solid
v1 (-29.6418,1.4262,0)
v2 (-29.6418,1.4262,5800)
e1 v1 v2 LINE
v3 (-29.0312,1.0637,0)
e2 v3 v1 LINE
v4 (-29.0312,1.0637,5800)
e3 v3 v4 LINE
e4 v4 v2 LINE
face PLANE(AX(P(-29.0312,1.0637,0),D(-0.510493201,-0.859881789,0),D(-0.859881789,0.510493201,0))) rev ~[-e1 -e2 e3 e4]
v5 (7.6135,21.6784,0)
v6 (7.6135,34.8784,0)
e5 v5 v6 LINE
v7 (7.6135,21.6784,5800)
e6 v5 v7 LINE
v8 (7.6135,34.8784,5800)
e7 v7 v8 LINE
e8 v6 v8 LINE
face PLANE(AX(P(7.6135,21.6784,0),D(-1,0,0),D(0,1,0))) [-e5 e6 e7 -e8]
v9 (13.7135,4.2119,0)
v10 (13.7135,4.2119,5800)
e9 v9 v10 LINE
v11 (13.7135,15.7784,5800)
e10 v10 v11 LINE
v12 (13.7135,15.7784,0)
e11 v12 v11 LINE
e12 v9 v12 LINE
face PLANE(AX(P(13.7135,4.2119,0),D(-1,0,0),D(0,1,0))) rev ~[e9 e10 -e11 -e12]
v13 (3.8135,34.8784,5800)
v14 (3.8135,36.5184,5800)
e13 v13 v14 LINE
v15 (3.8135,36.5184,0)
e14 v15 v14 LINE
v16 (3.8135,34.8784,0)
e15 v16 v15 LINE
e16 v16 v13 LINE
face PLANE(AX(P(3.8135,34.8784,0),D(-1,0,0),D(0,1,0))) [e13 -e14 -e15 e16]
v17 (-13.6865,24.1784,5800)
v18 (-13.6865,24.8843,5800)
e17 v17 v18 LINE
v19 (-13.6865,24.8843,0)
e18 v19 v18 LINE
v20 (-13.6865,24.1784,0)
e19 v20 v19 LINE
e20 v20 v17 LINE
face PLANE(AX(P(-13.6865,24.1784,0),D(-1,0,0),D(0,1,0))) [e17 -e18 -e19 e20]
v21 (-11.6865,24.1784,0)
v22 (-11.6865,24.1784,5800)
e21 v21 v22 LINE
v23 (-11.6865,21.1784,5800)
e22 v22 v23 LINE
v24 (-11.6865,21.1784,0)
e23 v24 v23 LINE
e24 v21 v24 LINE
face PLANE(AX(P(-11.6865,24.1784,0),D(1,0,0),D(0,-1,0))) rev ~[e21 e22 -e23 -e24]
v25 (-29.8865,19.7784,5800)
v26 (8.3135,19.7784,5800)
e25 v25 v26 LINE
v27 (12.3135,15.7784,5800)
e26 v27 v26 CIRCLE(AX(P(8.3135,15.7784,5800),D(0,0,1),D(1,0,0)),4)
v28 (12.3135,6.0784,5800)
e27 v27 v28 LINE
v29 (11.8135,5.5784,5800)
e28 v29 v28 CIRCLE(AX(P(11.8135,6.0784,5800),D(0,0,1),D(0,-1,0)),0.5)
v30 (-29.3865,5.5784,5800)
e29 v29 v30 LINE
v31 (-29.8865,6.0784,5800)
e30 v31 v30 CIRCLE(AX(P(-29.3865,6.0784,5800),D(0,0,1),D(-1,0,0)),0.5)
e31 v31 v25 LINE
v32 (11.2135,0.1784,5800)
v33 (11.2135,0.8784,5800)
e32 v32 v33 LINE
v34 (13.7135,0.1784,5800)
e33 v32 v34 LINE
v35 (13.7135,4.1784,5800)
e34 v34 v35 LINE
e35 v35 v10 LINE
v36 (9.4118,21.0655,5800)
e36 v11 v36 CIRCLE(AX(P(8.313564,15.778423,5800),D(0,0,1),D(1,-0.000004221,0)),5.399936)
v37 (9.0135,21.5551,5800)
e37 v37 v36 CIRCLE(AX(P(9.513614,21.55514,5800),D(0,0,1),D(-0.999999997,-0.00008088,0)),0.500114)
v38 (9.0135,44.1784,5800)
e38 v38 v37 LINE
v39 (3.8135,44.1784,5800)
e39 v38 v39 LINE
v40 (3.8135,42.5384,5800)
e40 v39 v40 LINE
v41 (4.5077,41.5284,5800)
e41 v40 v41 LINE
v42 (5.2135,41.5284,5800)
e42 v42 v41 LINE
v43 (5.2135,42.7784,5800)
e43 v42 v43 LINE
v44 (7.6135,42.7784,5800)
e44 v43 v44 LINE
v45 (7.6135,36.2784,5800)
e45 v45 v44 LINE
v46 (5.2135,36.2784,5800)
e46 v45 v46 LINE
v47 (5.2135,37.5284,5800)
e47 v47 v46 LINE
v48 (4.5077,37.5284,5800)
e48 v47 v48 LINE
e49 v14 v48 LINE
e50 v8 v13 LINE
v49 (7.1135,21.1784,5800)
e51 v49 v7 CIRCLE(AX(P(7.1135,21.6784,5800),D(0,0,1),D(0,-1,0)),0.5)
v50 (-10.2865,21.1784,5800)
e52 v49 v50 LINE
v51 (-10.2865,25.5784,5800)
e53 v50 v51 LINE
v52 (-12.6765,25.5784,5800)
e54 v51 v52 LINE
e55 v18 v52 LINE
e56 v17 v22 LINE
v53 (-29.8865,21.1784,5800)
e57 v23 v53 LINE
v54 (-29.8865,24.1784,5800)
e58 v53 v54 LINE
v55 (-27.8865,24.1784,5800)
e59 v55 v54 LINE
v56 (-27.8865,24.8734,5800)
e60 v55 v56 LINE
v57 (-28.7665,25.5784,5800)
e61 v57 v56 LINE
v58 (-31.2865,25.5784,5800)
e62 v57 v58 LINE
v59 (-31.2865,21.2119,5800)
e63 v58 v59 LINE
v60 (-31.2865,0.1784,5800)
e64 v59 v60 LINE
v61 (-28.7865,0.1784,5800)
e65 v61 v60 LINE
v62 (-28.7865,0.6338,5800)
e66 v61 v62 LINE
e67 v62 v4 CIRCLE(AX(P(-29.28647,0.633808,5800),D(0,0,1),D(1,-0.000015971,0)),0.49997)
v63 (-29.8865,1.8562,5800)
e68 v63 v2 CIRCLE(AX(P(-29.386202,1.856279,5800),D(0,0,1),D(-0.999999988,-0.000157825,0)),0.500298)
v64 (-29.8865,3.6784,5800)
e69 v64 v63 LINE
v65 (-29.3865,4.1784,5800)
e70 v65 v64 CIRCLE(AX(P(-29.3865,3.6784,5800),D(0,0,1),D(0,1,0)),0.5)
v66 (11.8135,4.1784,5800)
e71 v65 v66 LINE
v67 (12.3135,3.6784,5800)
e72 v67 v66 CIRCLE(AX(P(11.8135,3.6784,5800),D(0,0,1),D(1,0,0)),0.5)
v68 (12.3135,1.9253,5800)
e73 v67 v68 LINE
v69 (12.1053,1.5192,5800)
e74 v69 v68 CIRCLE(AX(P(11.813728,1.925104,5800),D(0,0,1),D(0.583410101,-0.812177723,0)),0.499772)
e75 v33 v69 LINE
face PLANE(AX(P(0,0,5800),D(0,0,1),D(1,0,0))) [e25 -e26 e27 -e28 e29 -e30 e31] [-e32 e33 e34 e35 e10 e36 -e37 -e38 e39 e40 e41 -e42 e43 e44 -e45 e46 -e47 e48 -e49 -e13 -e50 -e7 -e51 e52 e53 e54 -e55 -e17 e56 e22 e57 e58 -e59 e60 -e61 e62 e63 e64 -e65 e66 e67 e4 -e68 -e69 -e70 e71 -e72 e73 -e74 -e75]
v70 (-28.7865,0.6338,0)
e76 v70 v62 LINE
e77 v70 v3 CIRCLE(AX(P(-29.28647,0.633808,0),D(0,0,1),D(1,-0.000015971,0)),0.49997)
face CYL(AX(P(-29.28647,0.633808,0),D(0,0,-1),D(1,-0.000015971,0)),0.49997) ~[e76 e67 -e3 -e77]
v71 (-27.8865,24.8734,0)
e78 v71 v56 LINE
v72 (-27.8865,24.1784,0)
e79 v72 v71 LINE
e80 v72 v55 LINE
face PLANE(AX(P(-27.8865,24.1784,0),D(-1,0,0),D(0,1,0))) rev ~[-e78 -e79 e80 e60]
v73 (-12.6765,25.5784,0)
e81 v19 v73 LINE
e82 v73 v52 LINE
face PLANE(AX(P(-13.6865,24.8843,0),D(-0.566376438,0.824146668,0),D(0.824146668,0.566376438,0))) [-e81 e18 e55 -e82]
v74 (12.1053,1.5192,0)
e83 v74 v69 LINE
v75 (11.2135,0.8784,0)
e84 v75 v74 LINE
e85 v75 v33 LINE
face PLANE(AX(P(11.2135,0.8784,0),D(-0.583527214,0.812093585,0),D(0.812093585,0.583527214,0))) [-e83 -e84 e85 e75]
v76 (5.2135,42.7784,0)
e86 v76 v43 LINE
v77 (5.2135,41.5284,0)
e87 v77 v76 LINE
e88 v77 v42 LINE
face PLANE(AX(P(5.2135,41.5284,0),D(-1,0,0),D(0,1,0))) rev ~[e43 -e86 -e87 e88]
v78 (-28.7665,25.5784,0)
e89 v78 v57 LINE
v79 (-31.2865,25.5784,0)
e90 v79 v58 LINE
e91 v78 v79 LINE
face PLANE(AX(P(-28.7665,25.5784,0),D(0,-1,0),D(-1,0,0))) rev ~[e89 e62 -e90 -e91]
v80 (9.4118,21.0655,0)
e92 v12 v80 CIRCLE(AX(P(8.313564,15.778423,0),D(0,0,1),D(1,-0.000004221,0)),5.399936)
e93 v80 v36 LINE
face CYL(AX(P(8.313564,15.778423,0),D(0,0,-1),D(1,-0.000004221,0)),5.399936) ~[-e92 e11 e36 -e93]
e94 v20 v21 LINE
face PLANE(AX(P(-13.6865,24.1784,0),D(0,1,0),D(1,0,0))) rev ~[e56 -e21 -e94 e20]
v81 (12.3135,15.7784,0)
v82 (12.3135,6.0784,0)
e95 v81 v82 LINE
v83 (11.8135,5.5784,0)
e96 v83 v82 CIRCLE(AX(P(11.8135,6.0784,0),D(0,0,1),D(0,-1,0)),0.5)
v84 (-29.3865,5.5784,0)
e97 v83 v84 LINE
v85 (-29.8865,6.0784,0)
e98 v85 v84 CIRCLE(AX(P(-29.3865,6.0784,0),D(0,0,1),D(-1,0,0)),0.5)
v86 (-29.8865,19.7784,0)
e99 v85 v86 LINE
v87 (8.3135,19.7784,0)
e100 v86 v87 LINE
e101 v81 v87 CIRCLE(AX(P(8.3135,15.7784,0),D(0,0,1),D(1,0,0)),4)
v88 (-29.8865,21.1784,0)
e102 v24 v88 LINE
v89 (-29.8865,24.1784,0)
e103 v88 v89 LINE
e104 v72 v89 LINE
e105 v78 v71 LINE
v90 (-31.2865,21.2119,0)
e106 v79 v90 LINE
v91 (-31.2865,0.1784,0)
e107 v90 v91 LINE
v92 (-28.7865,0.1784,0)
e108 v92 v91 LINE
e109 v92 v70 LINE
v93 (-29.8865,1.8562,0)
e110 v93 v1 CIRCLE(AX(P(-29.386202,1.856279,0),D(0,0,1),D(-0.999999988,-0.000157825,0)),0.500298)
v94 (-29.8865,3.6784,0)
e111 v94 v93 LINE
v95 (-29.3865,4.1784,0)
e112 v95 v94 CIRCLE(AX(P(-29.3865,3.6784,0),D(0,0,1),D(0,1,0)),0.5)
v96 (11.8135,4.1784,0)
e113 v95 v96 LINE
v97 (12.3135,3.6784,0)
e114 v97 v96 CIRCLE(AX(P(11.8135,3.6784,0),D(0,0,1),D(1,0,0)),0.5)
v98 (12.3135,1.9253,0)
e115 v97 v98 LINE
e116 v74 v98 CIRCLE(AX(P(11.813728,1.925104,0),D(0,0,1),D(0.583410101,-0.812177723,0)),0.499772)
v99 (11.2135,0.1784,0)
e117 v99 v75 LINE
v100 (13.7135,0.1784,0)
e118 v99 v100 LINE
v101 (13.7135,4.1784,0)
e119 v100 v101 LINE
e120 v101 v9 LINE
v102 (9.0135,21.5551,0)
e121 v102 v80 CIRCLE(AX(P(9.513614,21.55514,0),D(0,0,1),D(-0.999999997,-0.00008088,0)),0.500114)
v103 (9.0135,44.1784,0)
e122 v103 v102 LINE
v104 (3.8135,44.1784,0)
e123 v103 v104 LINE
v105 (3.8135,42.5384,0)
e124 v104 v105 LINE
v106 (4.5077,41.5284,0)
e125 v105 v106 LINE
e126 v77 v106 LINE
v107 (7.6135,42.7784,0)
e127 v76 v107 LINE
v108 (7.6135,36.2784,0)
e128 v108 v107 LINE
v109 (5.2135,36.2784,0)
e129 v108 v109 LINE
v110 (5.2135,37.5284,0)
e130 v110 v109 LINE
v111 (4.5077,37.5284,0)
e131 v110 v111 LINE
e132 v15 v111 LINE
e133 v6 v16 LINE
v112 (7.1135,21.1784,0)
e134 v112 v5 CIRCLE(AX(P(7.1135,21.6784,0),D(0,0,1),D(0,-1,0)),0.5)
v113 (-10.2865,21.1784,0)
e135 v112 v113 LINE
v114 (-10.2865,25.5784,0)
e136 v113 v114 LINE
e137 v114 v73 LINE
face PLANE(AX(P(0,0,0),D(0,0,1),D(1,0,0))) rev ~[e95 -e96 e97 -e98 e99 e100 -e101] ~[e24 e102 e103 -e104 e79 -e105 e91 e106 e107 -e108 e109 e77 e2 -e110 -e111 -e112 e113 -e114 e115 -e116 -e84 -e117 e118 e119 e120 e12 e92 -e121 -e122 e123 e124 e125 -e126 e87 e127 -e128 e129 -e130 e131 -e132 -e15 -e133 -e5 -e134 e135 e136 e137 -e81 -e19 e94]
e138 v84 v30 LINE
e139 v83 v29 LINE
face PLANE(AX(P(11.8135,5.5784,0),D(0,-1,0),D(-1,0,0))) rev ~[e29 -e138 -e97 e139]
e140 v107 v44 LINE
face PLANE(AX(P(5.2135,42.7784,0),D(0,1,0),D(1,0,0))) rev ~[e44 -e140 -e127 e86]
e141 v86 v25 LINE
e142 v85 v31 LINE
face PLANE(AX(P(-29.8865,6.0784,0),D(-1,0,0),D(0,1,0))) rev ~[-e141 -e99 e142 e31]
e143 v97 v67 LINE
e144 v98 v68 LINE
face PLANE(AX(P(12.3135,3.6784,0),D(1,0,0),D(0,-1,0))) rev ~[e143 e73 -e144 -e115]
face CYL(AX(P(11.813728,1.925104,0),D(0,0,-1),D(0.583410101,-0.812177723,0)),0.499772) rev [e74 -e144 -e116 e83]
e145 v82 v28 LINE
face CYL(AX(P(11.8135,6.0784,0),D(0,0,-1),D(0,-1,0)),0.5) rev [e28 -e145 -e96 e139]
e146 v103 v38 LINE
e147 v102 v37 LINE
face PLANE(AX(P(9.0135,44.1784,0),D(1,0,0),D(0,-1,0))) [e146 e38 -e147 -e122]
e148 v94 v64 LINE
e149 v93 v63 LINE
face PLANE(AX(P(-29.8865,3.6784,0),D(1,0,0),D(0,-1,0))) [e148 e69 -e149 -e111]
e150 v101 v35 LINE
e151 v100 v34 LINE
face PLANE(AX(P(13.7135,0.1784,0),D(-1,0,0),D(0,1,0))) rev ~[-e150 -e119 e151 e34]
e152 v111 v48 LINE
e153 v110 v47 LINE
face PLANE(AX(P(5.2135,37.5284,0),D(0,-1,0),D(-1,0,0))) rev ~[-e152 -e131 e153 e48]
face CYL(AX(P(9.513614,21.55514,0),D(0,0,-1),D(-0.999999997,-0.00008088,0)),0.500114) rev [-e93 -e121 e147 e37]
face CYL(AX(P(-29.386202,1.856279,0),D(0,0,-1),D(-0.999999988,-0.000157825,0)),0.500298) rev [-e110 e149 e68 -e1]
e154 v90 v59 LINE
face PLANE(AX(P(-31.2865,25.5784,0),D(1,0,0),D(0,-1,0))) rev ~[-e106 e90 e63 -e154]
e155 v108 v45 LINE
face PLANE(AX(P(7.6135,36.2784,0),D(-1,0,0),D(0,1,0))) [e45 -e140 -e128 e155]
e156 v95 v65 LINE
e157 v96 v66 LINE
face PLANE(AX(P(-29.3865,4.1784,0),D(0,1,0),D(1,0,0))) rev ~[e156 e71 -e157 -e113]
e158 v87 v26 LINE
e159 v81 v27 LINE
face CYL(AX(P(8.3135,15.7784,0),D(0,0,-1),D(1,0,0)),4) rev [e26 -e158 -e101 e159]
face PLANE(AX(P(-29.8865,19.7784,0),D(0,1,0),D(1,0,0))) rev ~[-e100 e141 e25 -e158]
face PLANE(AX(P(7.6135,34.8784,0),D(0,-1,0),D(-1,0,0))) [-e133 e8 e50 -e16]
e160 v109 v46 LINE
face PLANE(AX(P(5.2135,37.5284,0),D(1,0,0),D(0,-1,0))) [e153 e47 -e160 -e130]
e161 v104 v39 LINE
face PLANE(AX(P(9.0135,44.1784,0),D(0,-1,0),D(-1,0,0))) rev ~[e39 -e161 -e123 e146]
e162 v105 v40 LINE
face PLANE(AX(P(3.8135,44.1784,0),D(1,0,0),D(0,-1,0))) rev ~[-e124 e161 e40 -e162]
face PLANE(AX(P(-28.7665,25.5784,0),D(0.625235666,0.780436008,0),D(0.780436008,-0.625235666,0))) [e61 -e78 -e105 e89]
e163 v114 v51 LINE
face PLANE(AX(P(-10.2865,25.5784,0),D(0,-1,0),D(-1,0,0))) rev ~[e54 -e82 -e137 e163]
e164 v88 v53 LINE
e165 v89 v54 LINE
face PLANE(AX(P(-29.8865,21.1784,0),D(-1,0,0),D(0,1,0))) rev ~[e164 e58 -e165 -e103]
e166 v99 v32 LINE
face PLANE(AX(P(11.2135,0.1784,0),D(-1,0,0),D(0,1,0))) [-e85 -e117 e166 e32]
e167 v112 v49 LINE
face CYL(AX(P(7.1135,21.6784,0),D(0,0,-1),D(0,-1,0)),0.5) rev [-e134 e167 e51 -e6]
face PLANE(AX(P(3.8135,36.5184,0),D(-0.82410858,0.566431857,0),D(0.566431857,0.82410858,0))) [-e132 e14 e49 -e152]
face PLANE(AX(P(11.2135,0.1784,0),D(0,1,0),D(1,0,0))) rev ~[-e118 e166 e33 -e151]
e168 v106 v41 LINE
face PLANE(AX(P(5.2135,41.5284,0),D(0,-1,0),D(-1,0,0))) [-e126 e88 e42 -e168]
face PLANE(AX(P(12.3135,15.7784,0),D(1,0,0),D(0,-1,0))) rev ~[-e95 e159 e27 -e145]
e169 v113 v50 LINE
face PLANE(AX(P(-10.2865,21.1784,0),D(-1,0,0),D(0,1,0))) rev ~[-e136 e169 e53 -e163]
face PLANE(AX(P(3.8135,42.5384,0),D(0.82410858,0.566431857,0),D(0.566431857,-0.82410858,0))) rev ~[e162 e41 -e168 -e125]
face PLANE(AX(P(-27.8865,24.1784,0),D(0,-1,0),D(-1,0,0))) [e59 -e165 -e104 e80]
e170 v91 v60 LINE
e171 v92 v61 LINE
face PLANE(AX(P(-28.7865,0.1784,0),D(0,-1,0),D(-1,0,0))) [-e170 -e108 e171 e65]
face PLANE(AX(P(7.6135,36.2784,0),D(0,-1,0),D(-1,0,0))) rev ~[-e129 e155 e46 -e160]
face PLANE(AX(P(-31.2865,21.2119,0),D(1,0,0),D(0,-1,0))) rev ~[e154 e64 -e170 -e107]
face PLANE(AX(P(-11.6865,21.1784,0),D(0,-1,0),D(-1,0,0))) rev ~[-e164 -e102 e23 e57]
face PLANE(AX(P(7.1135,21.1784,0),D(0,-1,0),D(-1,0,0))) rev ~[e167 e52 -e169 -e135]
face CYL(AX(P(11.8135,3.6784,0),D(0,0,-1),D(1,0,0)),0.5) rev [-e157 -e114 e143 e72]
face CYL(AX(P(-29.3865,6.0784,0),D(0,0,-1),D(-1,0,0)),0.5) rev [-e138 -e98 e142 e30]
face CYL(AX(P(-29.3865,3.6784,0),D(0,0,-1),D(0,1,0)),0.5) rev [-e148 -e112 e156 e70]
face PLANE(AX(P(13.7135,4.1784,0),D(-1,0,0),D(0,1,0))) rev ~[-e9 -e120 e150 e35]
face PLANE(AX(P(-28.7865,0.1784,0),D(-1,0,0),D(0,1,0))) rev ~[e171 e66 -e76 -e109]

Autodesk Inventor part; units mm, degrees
ref_plane "YZ Plane" through (0, 0, 0) normal (1, 0, 0) x (0, 1, 0)
ref_plane "Plano inicial" through (0, 0, 0) normal (0, 0, 1) x (1, 0, 0)
ref_plane "Plano final" through (0, 0, 5800) normal (0, 0, 1) x (1, 0, 0)
sketch "Boceto1" plane through (0, 0, 0) normal (0, 0, 1) x (1, 0, 0)
  line L0 (-31.2865, 21.2119) -> (-31.2865, 0.1784)
  line L1 (-29.3865, 4.1784) -> (11.8135, 4.1784)
  line L2 (13.7135, 0.1784) -> (13.7135, 15.7784)
  line L3 (9.0135, 44.1784) -> (9.0135, 21.5551)
  line L4 (9.0135, 44.1784) -> (3.8135, 44.1784)
  line L5 (5.2135, 42.7784) -> (7.6135, 42.7784)
  line L6 (7.6135, 36.2784) -> (5.2135, 36.2784)
  line L7 (-29.8865, 19.7784) -> (8.3135, 19.7784)
  line L8 (12.3135, 15.7784) -> (12.3135, 6.0784)
  line L9 (11.8135, 5.5784) -> (-29.3865, 5.5784)
  line L10 (-29.8865, 6.0784) -> (-29.8865, 19.7784)
  arc A0 (13.7135, 15.7784) -> (9.4118, 21.0655) centre (8.3135, 15.7784) ccw
  arc A1 (12.3135, 15.7784) -> (8.3135, 19.7784) centre (8.3135, 15.7784) ccw
  line L11 (12.3135, 3.6784) -> (12.3135, 1.9253)
  line L12 (11.2135, 0.1784) -> (13.7135, 0.1784)
  line L13 (7.6135, 21.6784) -> (7.6135, 34.8784)
  line L14 (7.6135, 36.2784) -> (7.6135, 42.7784)
  line L15 (-29.8865, 3.6784) -> (-29.8865, 1.8562)
  line L16 (-28.7865, 0.1784) -> (-31.2865, 0.1784)
  line L17 (-28.7865, 0.1784) -> (-28.7865, 0.6338)
  line L18 (11.2135, 0.1784) -> (11.2135, 0.8784)
  line L19 (-29.8865, 21.1784) -> (-29.8865, 24.1784)
  line L20 (-28.7665, 25.5784) -> (-31.2865, 25.5784)
  line L21 (-31.2865, 25.5784) -> (-31.2865, 21.2119)
  line L22 (-10.2865, 21.1784) -> (-10.2865, 25.5784)
  line L23 (-10.2865, 25.5784) -> (-12.6765, 25.5784)
  line L24 (-11.6865, 24.1784) -> (-11.6865, 21.1784)
  line L25 (7.1135, 21.1784) -> (-10.2865, 21.1784)
  line L26 (-11.6865, 21.1784) -> (-29.8865, 21.1784)
  line L27 (-27.8865, 24.1784) -> (-29.8865, 24.1784)
  line L28 (-13.6865, 24.1784) -> (-11.6865, 24.1784)
  line L29 (-29.0312, 1.0637) -> (-29.6418, 1.4262)
  line L30 (11.2135, 0.8784) -> (12.1053, 1.5192)
  line L31 (-27.8865, 24.1784) -> (-27.8865, 24.8734)
  line L32 (-13.6865, 24.1784) -> (-13.6865, 24.8843)
  line L33 (-28.7665, 25.5784) -> (-27.8865, 24.8734)
  line L34 (-13.6865, 24.8843) -> (-12.6765, 25.5784)
  line L35 (7.6135, 34.8784) -> (3.8135, 34.8784)
  line L36 (5.2135, 37.5284) -> (5.2135, 36.2784)
  line L37 (5.2135, 41.5284) -> (5.2135, 42.7784)
  line L38 (5.2135, 37.5284) -> (4.5077, 37.5284)
  line L39 (5.2135, 41.5284) -> (4.5077, 41.5284)
  line L40 (3.8135, 44.1784) -> (3.8135, 42.5384)
  line L41 (3.8135, 42.5384) -> (4.5077, 41.5284)
  line L42 (3.8135, 34.8784) -> (3.8135, 36.5184)
  line L43 (3.8135, 36.5184) -> (4.5077, 37.5284)
  arc A2 (7.1135, 21.1784) -> (7.6135, 21.6784) centre (7.1135, 21.6784) ccw
  arc A3 (9.0135, 21.5551) -> (9.4118, 21.0655) centre (9.5135, 21.5551) ccw
  arc A4 (11.8135, 5.5784) -> (12.3135, 6.0784) centre (11.8135, 6.0784) ccw
  arc A5 (12.3135, 3.6784) -> (11.8135, 4.1784) centre (11.8135, 3.6784) ccw
  arc A6 (12.1053, 1.5192) -> (12.3135, 1.9253) centre (11.8135, 1.9253) ccw
  arc A7 (-29.8865, 6.0784) -> (-29.3865, 5.5784) centre (-29.3865, 6.0784) ccw
  arc A8 (-29.3865, 4.1784) -> (-29.8865, 3.6784) centre (-29.3865, 3.6784) ccw
  arc A9 (-29.8865, 1.8562) -> (-29.6418, 1.4262) centre (-29.3865, 1.8562) ccw
  line L44 (13.7135, 4.1784) -> (13.7135, 4.2119)
  arc A10 (-28.7865, 0.6338) -> (-29.0312, 1.0637) centre (-29.2865, 0.6338) ccw
  point P0 (0, 0)
  point P1 (5.2135, 42.1534)
  point P2 (-28.7865, 4.1784)
  point P3 (7.6135, 39.5284)
  point P4 (-28.7865, 0.9184)
  dimension "d16" = 5.4
  dimension "d17" = 4
  dimension "d32" = 1.4
  dimension "d35" = 1.4
  dimension "d37" = 3
  dimension "d38" = 25.4
  dimension "d44" = 18.2
  dimension "d50" = 0.7
  dimension "d53" = 40.3
  dimension "d54" = 37.5
  dimension "d55" = 1.4
  dimension "d57" = 17
  dimension "d62" = 30.7
  dimension "d63" = 35.7
  dimension "d64" = 4.4
  dimension "d66" = 3
  dimension "d69" = 4.4
  dimension "d71" = 3.4
  dimension "d72" = 3.4
  dimension "d73" = 0.88
  dimension "d74" = 1.01
  dimension "d75" = 34.5
  dimension "d76" = 38.7
  dimension "d77" = 0.695
  dimension "d78" = 0.7058
  dimension "d81" = 23
  dimension "d82" = 44
  dimension "d84" = 6.5
  dimension "d85" = 2.4
  dimension "d86" = 2.4
  dimension "d87" = 9.3
  dimension "d88" = 1.4
  dimension "d99" = 1.4
  dimension "d100" = 1.4
  dimension "d102" = 1.4
  dimension "d140" = 111
  dimension "d141" = 4
  dimension "d142" = 6.02
  dimension "d143" = 0.7058
  dimension "d144" = 0.7058
  dimension "d199" = 1.4
  dimension "d201" = 14.2
  dimension "d202" = 0.5
  dimension "d203" = 3.01
  dimension "d204" = 2
  dimension "d205" = 2.5
  dimension "d206" = 4.7
  dimension "d207" = 6.1
  dimension "d208" = 42.5
  dimension "d210" = 5.4
  dimension "d211" = 4
  dimension "d213" = 13.7135
  dimension "d216" = 4.0335
  dimension "d218" = 0.74
  dimension "d219" = 0.5
  dimension "d220" = 45
  dimension "d221" = 5.2
  dimension "d222" = 1.4
  dimension "d223" = 14.2
  dimension "d225" = 2
extrude "Cuerpo" add sketch "Boceto1" along normal up to surface (5800 mm away) from surface at 0
sketch "Boceto2" plane through (0, 0, 0) normal (0, 0, 1) x (1, 0, 0)
  line L0 (0, 0) -> (10, 0)
ref_plane "Plano de trabajo3" through (0, 0, 0) normal (0, -1, 0) x (1, 0, 0)
sketch "Boceto3" plane through (0, 0, 0) normal (0, -1, 0) x (1, 0, 0)
  line L0 (-40.2865, 0) -> (22.7135, 0)
  line L1 (-40.2865, 5800) -> (22.7135, 5800)
  dimension "d231" = 5800
equation "\"G_OFFSET_START\" = 0"
equation "\"G_OFFSET_END\" = 0"
equation "\"G_L\" = 5800"
properties part number "SP40-01 MARCO BATIENTE - PAÑO" material "Aluminio"
